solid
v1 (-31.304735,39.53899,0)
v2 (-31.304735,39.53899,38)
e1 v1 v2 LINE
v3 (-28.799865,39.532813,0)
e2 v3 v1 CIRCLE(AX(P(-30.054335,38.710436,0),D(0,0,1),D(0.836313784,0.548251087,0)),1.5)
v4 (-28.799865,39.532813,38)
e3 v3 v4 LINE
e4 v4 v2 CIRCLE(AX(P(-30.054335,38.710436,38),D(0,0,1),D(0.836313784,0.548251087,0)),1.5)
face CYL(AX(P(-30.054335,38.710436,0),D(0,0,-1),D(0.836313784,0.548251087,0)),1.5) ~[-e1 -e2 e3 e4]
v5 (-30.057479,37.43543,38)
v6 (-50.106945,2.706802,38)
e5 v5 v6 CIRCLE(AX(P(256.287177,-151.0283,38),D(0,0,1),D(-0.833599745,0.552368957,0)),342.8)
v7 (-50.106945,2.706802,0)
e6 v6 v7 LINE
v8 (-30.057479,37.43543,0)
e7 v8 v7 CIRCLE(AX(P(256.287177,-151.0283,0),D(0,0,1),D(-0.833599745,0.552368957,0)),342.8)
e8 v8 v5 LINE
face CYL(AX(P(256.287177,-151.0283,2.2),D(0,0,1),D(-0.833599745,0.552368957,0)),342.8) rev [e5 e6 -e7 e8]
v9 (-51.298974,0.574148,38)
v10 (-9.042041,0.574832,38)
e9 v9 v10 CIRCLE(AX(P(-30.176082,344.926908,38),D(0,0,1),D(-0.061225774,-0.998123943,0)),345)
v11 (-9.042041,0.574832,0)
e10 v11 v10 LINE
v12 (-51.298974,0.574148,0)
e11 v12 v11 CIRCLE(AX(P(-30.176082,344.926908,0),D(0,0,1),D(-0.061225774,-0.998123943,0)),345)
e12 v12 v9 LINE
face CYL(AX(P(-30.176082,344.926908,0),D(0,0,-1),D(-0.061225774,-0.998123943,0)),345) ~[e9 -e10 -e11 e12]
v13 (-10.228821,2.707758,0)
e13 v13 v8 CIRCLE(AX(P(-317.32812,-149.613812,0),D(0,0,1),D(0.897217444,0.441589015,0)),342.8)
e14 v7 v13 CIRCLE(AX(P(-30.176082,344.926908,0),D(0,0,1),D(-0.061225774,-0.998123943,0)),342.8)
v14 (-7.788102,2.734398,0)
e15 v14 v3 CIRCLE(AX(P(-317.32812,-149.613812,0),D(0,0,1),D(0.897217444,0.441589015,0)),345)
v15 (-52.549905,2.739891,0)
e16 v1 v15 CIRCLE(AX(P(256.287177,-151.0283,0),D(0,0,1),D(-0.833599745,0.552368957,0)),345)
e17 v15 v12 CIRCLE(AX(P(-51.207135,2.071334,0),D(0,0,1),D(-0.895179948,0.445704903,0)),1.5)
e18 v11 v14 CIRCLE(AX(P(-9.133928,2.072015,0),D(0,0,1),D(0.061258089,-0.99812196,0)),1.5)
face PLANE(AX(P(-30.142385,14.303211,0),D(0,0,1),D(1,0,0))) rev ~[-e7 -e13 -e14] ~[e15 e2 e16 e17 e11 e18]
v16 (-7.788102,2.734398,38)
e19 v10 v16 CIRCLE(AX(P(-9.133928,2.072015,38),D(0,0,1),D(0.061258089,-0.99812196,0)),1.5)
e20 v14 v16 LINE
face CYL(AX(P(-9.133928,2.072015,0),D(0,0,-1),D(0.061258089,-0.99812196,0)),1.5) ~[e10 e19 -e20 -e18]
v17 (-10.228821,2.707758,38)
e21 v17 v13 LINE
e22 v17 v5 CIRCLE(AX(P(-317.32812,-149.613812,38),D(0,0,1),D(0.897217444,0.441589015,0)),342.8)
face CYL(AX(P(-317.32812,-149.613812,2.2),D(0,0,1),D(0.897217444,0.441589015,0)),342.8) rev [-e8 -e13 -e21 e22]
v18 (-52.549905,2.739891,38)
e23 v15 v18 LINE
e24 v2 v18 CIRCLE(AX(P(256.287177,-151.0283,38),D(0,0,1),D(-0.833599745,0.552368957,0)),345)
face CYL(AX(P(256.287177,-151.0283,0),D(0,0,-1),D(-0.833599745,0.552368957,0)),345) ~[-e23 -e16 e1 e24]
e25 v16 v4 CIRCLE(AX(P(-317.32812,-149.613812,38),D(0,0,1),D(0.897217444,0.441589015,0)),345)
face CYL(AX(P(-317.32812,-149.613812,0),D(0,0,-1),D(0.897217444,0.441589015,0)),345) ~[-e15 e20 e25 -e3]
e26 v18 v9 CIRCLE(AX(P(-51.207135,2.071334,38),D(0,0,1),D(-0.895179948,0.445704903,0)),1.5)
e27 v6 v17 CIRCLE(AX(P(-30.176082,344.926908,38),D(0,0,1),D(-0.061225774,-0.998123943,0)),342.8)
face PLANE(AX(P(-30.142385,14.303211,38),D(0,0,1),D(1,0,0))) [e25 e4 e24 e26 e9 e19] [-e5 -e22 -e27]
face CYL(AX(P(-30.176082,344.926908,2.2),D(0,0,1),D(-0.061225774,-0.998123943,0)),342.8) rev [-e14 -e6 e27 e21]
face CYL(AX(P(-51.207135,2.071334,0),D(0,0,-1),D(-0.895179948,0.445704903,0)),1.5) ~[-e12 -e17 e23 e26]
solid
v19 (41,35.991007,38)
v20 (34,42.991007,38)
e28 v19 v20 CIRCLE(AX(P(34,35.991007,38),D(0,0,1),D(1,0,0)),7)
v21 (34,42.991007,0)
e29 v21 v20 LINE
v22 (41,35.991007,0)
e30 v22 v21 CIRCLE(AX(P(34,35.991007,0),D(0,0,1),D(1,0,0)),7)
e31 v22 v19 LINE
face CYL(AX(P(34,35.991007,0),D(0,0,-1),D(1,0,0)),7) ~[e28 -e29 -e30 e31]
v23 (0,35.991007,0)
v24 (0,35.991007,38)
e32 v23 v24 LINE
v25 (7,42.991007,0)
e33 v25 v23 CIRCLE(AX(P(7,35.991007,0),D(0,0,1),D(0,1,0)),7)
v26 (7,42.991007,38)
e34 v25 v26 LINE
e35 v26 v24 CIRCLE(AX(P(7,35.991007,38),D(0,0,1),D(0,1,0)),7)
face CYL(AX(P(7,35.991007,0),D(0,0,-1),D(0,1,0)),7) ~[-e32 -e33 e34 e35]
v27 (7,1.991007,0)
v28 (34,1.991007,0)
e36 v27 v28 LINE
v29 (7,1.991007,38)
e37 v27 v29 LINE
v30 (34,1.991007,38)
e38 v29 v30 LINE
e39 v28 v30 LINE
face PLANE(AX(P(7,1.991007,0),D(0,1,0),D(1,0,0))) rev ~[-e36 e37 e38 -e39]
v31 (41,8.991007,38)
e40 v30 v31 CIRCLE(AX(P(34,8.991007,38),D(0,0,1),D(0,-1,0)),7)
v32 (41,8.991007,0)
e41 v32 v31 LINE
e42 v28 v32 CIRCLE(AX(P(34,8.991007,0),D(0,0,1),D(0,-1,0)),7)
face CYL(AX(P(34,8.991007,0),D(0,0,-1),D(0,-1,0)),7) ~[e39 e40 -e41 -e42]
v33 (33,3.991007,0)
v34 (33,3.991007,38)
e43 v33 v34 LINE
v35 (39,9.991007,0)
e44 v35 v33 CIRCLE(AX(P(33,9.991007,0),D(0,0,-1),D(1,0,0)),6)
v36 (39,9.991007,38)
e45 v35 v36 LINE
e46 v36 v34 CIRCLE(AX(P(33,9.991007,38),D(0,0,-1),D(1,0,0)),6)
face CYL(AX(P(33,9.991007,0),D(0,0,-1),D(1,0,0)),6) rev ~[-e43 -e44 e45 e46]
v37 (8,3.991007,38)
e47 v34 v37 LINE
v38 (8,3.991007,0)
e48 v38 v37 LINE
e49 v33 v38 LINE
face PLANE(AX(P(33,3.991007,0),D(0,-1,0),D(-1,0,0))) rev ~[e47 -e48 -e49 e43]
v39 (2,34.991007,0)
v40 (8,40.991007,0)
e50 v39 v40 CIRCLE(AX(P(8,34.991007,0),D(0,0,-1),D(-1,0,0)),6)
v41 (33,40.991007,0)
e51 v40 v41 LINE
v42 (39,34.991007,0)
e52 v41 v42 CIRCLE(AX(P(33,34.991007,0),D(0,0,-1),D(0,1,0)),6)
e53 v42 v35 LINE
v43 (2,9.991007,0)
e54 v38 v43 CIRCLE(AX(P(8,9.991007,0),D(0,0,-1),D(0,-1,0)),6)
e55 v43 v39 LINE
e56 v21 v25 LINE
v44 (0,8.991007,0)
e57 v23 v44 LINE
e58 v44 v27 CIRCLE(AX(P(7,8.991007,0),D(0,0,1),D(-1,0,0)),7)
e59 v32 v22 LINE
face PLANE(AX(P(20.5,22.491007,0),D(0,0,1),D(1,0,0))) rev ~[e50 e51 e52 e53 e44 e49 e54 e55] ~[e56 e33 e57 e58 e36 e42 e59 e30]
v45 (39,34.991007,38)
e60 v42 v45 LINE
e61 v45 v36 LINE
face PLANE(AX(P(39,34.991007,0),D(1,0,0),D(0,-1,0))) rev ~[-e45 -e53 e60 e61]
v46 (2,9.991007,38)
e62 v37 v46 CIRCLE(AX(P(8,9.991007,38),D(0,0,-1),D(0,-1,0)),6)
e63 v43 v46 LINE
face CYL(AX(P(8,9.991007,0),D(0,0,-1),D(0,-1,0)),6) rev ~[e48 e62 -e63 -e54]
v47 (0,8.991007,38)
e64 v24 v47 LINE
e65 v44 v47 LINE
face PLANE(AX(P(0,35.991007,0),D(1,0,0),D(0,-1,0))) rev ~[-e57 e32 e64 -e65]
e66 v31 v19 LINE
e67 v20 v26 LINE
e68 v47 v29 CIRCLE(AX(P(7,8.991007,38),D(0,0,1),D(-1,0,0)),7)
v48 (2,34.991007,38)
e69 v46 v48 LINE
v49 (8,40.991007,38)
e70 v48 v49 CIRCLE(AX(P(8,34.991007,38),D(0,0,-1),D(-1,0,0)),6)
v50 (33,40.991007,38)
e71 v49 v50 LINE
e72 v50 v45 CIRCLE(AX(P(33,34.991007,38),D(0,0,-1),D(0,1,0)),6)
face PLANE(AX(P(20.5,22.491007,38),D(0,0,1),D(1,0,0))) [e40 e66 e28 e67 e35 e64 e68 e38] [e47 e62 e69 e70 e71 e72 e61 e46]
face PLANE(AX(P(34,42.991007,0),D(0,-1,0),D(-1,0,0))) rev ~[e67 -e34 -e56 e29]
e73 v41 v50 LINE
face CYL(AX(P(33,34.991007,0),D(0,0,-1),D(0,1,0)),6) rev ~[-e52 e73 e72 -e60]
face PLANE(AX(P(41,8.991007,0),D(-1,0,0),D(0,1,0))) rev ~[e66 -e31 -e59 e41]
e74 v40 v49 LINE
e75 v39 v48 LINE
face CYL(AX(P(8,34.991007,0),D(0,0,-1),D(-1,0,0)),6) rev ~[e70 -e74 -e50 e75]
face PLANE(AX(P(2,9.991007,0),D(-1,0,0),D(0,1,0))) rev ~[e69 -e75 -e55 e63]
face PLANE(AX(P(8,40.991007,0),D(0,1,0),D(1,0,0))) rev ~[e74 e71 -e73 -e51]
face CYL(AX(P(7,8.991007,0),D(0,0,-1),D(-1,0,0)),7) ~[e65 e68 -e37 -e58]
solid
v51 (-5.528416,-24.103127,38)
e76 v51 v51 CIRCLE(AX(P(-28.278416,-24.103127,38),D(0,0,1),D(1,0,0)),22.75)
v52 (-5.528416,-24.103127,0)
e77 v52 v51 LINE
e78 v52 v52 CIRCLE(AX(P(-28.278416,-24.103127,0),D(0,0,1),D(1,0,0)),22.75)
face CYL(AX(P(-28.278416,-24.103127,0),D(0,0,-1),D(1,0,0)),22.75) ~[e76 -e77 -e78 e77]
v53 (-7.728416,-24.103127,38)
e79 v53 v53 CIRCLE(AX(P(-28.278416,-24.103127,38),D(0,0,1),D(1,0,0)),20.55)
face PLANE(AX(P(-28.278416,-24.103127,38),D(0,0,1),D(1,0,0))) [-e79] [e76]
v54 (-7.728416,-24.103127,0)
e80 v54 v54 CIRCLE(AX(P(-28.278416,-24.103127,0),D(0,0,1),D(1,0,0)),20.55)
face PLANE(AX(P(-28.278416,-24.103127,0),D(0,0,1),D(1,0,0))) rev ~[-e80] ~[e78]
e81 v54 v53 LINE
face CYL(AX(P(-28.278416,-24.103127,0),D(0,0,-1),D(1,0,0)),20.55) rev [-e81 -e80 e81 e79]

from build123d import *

# Parameters (mm, degrees)
F1_DEPTH = 38
F2_R     = 22.75
F2_R_2   = 20.55
F3_DEPTH = 38
F5_DEPTH = 38
F6_T     = -2.2
F7_DEPTH = 2.201


with BuildPart() as f1:
    # F0 (on Top) → F1 (new body)
    with BuildSketch(Plane.XY):
        with BuildLine():
            ThreePointArc((0, 8.9910072129), (2.0502525317, 4.0412597446), (7, 1.9910072129))
            Line((7, 1.9910072129), (34, 1.9910072129))
            ThreePointArc((34, 1.9910072129), (38.9497474683, 4.0412597446), (41, 8.9910072129))
            Line((41, 8.9910072129), (41, 35.9910072129))
            ThreePointArc((41, 35.9910072129), (38.9497474683, 40.9407546812), (34, 42.9910072129))
            Line((34, 42.9910072129), (7, 42.9910072129))
            ThreePointArc((7, 42.9910072129), (2.0502525317, 40.9407546812), (0, 35.9910072129))
            Line((0, 35.9910072129), (0, 22.4910072129))
            Line((0, 22.4910072129), (0, 8.9910072129))
        make_face()
        with BuildLine():
            ThreePointArc((39, 9.9910072129), (37.2426406871, 5.7483665258), (33, 3.9910072129))
            Line((33, 3.9910072129), (8, 3.9910072129))
            ThreePointArc((8, 3.9910072129), (3.7573593129, 5.7483665258), (2, 9.9910072129))
            Line((2, 9.9910072129), (2, 34.9910072129))
            ThreePointArc((2, 34.9910072129), (3.7573593129, 39.2336479001), (8, 40.9910072129))
            Line((8, 40.9910072129), (33, 40.9910072129))
            ThreePointArc((33, 40.9910072129), (37.2426406871, 39.2336479001), (39, 34.9910072129))
            Line((39, 34.9910072129), (39, 9.9910072129))
        make_face(mode=Mode.SUBTRACT)
    extrude(amount=F1_DEPTH)


with BuildPart() as f3:
    # F2 (on Top) → F3 (new body)
    with BuildSketch(Plane.XY):
        with Locations((-28.2784160227, -24.1031274199)):
            Circle(F2_R)
        with Locations((-28.2784160227, -24.1031274199)):
            Circle(F2_R_2, mode=Mode.SUBTRACT)
    extrude(amount=F3_DEPTH)


with BuildPart() as f5:
    # F4 (on Top) → F5 (new body)
    with BuildSketch(Plane.XY):
        with BuildLine():
            ThreePointArc((-28.7998646526, 39.532812998), (-30.0506364627, 40.2104318074), (-31.3047349468, 39.5389898039))
            ThreePointArc((-31.3047349468, 39.5389898039), (-42.4943980882, 21.466830838), (-52.5499049688, 2.7398910912))
            ThreePointArc((-52.5499049688, 2.7398910912), (-52.5060332038, 1.3210913906), (-51.298973707, 0.5741478228))
            ThreePointArc((-51.298973707, 0.5741478228), (-30.1704969459, -0.0730919584), (-9.042041151, 0.5748318822))
            ThreePointArc((-9.042041151, 0.5748318822), (-7.8367441382, 1.3188127966), (-7.7881021186, 2.7343983447))
            ThreePointArc((-7.7881021186, 2.7343983447), (-17.7284776593, 21.456507409), (-28.7998646526, 39.532812998))
        make_face()
    extrude(amount=F5_DEPTH)

    # F6
    f6_openings = [f5.faces().sort_by_distance(p)[0] for p in [
        (-30.13542, 14.290954, 38),
    ]]
    offset(amount=F6_T, openings=f6_openings)

    # F7 (cut, through all): a face of the model
    f7_faces = [f5.faces().sort_by_distance(p)[0] for p in [
        (-30.1328701293, 14.2864664874, 2.2),
    ]]
    extrude(f7_faces, amount=-F7_DEPTH, mode=Mode.SUBTRACT)


solid = Compound([f1.part, f3.part, f5.part])
